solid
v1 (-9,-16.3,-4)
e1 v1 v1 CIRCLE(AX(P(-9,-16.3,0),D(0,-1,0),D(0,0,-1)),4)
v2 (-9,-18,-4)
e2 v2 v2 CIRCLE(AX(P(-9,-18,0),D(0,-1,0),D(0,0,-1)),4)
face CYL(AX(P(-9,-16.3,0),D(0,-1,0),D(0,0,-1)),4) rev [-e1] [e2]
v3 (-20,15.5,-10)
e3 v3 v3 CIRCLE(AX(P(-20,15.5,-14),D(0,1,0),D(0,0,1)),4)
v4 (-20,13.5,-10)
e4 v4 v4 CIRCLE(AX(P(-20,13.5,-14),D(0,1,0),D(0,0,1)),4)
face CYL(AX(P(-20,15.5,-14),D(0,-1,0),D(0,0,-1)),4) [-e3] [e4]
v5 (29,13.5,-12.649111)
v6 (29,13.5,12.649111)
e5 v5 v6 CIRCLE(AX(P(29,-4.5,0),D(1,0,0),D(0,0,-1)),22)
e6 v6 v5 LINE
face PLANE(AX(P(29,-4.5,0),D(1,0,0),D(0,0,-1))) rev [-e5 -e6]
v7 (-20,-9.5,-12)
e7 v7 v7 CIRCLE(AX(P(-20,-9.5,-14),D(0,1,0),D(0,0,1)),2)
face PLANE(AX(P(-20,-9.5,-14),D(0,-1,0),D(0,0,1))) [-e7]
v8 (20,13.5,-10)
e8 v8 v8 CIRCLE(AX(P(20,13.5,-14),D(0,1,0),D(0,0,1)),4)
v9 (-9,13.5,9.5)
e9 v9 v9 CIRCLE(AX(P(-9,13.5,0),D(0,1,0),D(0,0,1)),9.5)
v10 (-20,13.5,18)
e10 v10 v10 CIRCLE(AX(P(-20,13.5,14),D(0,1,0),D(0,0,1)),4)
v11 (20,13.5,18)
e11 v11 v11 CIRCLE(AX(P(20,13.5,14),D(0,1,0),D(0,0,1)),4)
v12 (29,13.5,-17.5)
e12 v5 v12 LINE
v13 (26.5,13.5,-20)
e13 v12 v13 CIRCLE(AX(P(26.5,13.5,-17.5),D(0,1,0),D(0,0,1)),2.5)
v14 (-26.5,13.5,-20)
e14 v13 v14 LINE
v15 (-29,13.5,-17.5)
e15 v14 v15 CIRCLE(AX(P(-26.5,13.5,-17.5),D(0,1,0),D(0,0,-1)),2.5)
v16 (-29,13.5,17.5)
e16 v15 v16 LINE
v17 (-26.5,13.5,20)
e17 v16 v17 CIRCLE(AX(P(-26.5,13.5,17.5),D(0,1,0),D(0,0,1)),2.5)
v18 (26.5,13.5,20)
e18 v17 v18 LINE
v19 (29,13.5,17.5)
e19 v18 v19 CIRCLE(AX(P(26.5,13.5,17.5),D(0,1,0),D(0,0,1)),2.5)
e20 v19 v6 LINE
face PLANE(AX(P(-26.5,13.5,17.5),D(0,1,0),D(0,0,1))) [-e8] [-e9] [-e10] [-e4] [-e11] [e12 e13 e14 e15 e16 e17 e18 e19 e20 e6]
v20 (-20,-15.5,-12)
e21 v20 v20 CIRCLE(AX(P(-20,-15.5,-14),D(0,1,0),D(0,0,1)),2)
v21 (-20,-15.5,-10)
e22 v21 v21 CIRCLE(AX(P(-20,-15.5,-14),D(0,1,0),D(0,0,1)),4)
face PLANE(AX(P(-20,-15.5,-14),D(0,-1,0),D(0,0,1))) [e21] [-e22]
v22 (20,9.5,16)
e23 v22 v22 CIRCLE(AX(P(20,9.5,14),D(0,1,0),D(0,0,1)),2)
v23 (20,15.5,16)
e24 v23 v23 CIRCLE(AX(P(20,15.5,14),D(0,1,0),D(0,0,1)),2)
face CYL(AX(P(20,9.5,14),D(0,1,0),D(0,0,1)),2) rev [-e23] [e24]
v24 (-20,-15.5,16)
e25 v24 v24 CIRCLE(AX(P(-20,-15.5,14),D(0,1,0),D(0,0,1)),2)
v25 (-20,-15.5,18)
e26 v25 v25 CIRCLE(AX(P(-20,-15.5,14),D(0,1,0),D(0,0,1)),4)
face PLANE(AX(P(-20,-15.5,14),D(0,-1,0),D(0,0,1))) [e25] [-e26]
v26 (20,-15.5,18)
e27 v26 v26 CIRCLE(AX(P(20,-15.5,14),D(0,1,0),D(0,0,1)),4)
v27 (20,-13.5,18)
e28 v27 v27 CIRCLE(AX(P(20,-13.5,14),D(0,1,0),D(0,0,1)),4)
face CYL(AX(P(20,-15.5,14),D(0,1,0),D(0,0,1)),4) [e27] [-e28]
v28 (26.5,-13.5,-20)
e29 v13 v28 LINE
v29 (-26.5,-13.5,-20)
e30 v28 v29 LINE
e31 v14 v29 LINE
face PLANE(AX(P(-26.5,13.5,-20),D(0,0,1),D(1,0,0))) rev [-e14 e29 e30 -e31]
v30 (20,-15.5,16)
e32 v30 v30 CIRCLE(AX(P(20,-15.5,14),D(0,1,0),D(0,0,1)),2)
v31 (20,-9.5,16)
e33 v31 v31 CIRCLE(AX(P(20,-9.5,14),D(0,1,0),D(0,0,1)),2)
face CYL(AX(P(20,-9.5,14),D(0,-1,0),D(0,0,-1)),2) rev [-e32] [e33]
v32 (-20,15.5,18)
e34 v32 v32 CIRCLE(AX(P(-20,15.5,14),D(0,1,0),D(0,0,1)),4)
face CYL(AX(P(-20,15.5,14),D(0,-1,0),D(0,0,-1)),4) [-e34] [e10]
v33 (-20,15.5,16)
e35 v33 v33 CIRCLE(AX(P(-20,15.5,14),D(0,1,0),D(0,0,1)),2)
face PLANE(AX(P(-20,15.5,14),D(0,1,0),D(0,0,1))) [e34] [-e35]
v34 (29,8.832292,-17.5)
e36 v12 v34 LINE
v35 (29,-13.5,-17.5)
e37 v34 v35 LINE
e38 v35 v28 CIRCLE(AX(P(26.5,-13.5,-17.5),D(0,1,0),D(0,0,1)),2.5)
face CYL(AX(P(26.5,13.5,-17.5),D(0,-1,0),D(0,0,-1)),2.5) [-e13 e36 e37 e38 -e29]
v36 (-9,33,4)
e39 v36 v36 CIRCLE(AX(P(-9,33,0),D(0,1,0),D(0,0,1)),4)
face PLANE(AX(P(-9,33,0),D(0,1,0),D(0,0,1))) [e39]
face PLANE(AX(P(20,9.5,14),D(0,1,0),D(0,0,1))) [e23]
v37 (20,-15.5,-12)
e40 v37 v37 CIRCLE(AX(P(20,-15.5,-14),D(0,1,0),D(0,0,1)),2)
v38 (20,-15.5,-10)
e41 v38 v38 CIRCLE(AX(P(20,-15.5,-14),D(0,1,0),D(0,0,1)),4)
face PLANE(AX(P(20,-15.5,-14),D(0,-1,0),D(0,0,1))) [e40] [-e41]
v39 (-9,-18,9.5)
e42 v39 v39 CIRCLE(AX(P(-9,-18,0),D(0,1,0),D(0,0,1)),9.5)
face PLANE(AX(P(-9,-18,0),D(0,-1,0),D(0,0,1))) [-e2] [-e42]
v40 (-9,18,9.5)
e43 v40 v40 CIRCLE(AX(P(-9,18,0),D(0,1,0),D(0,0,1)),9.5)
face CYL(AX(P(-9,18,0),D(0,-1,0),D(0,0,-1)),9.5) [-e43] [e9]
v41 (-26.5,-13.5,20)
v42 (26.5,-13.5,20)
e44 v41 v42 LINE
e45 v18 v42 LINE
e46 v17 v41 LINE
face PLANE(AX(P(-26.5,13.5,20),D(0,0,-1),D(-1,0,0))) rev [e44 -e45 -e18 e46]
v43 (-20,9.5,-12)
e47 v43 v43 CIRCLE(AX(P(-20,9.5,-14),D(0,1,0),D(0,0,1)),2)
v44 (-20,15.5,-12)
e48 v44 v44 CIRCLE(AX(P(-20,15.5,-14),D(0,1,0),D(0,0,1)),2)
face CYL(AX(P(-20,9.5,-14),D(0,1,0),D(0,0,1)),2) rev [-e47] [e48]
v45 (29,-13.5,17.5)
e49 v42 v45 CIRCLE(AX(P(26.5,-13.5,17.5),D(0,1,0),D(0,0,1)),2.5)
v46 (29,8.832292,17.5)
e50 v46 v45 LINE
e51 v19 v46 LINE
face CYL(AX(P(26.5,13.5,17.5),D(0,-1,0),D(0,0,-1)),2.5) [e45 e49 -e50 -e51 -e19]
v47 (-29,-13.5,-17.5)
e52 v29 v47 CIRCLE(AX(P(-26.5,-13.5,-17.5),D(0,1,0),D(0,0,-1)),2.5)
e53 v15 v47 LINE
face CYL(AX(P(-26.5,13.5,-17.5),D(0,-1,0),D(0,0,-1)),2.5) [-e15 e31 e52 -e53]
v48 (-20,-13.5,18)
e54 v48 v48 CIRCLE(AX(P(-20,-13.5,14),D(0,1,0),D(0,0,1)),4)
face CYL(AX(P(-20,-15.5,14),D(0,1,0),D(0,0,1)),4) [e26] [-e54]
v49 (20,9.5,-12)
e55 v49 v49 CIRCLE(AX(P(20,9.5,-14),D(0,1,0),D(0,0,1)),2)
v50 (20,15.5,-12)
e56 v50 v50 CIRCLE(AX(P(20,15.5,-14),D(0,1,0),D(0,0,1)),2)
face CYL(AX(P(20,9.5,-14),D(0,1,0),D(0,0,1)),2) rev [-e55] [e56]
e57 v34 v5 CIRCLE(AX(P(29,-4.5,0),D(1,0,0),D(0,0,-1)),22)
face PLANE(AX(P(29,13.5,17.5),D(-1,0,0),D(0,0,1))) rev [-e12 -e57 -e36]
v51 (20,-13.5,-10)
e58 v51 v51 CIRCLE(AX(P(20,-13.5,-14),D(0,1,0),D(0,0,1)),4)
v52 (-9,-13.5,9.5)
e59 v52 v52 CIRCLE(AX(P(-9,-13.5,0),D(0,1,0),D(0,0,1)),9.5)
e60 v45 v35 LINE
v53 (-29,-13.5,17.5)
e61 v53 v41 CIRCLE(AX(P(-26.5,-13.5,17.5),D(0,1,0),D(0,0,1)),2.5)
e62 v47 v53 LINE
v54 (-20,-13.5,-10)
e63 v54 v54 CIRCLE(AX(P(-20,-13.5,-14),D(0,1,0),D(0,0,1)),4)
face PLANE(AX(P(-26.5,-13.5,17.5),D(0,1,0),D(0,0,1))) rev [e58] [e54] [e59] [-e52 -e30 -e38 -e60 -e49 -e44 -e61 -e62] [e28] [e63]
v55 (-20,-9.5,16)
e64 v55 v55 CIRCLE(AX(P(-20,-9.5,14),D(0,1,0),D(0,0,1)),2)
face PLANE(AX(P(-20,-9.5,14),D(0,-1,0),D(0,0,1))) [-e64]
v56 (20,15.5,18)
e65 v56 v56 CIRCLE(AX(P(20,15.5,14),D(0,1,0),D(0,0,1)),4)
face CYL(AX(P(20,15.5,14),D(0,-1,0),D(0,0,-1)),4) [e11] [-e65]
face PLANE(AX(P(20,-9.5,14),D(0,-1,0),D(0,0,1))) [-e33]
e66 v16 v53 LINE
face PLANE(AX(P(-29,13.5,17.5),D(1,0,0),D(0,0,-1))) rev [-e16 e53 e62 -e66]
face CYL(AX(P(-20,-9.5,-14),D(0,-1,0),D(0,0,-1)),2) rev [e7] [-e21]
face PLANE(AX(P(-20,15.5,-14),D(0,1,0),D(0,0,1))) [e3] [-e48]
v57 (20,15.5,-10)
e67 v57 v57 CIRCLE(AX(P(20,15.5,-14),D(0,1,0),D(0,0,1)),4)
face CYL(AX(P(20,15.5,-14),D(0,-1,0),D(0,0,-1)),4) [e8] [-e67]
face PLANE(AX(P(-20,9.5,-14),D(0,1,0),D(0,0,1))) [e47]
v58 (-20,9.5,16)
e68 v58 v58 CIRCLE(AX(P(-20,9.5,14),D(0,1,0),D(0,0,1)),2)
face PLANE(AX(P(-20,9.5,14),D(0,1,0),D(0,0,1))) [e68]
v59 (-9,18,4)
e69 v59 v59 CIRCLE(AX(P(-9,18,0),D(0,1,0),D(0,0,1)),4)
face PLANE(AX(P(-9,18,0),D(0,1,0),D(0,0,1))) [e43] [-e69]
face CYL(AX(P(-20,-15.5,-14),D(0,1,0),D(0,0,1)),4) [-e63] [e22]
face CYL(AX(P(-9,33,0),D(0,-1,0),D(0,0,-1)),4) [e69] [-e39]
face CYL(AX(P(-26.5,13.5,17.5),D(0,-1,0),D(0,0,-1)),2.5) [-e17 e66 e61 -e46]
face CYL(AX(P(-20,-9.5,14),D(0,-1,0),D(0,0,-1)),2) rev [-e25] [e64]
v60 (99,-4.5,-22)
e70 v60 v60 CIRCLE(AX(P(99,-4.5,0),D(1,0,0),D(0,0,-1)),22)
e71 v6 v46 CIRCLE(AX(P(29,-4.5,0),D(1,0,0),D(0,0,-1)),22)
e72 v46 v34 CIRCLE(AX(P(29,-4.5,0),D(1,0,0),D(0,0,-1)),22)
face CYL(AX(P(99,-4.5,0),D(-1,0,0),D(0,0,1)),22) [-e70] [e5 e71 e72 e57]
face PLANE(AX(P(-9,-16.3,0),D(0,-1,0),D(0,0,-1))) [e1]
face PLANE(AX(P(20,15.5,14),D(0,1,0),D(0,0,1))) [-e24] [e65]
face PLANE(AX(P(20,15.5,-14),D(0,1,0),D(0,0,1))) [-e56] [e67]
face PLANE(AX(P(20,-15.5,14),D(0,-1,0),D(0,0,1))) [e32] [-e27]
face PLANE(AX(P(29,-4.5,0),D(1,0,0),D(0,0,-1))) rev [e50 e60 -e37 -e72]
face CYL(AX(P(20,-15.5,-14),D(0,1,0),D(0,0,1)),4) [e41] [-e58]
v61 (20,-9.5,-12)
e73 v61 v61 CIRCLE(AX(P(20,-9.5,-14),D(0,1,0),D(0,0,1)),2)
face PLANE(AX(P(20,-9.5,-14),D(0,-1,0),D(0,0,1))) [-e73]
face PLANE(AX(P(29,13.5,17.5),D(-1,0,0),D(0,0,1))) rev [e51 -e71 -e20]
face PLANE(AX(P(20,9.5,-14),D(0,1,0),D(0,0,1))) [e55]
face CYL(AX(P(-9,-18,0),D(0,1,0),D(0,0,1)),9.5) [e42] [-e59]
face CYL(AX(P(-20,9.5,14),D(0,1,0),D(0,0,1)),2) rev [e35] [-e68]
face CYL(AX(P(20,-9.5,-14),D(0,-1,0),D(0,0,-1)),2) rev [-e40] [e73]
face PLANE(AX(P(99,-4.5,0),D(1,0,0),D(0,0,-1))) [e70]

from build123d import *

# Parameters (mm, degrees)
BOSS_EXTRUDE1_DEPTH = 13.5
SKETCH2_R           = 4
BOSS_EXTRUDE2_DEPTH = 2
SKETCH3_R           = 2
CUT_EXTRUDE1_DEPTH  = 6
SKETCH6_R           = 9.5
BOSS_EXTRUDE5_DEPTH = 4.5
SKETCH4_R           = 4
BOSS_EXTRUDE3_DEPTH = 15
SKETCH5_R           = 22
BOSS_EXTRUDE4_DEPTH = 70
SKETCH7_R           = 4
CUT_EXTRUDE2_DEPTH  = 1.7


with BuildPart() as part:
    # Sketch1 → Boss-Extrude1 (new, symmetric)
    with BuildSketch(Plane(origin=(0, 0, 0), x_dir=(1, 0, 0), z_dir=(0, 1, 0))):
        with BuildLine():
            Line((-26.5, -20), (26.5, -20))
            ThreePointArc((26.5, -20), (28.267766953, -19.267766953), (29, -17.5))
            Line((29, -17.5), (29, 17.5))
            ThreePointArc((29, 17.5), (28.267766953, 19.267766953), (26.5, 20))
            Line((26.5, 20), (-26.5, 20))
            ThreePointArc((-26.5, 20), (-28.267766953, 19.267766953), (-29, 17.5))
            Line((-29, 17.5), (-29, -17.5))
            ThreePointArc((-29, -17.5), (-28.267766953, -19.267766953), (-26.5, -20))
        make_face()
    extrude(amount=BOSS_EXTRUDE1_DEPTH, both=True)

    # Sketch2 → Boss-Extrude2 (add)
    with BuildSketch(Plane(origin=(0, 13.5, 0), x_dir=(1, 0, 0), z_dir=(0, 1, 0))):
        with Locations(Location((-20, 14, 0), (0, 0, 270))):
            Circle(SKETCH2_R)
        with Locations(Location((-20, -14, 0), (0, 0, 270))):
            Circle(SKETCH2_R)
        with Locations(Location((20, -14, 0), (0, 0, 270))):
            Circle(SKETCH2_R)
        with Locations(Location((20, 14, 0), (0, 0, 270))):
            Circle(SKETCH2_R)
    boss_extrude2 = extrude(amount=BOSS_EXTRUDE2_DEPTH)

    # Sketch3 → Cut-Extrude1 (cut)
    with BuildSketch(Plane(origin=(0, 15.5, 0), x_dir=(1, 0, 0), z_dir=(0, 1, 0))):
        with Locations(Location((-20, 14, 0), (0, 0, 270))):
            Circle(SKETCH3_R)
        with Locations(Location((20, 14, 0), (0, 0, 270))):
            Circle(SKETCH3_R)
        with Locations(Location((20, -14, 0), (0, 0, 270))):
            Circle(SKETCH3_R)
        with Locations(Location((-20, -14, 0), (0, 0, 270))):
            Circle(SKETCH3_R)
    cut_extrude1 = extrude(amount=-CUT_EXTRUDE1_DEPTH, mode=Mode.SUBTRACT)

    # Sketch6 → Boss-Extrude5 (add)
    with BuildSketch(Plane(origin=(0, 13.5, 0), x_dir=(1, 0, 0), z_dir=(0, 1, 0))):
        with Locations(Location((-9, 0, 0), (0, 0, 270))):
            Circle(SKETCH6_R)
    boss_extrude5 = extrude(amount=BOSS_EXTRUDE5_DEPTH)

    # Sketch4 → Boss-Extrude3 (add)
    with BuildSketch(Plane(origin=(0, 18, 0), x_dir=(1, 0, 0), z_dir=(0, 1, 0))):
        with Locations(Location((-9, 0, 0), (0, 0, 270))):
            Circle(SKETCH4_R)
    extrude(amount=BOSS_EXTRUDE3_DEPTH)

    # Sketch5 → Boss-Extrude4 (add)
    with BuildSketch(Plane(origin=(29, 0, 0), x_dir=(0, 0, -1), z_dir=(1, 0, 0))):
        with Locations(Location((0, -4.5, 0), (0, 0, 142.698209708))):
            Circle(SKETCH5_R)
    extrude(amount=BOSS_EXTRUDE4_DEPTH)

    # Mirror2: Boss-Extrude2, Cut-Extrude1, Boss-Extrude5 across plane
    add(boss_extrude2.mirror(Plane.ZX))
    add(cut_extrude1.mirror(Plane.ZX), mode=Mode.SUBTRACT)
    add(boss_extrude5.mirror(Plane.ZX))

    # Sketch7 → Cut-Extrude2 (cut)
    with BuildSketch(Plane.XZ.offset(18)):
        with Locations(Location((-9, 0, 0), (0, 0, 90))):
            Circle(SKETCH7_R)
    extrude(amount=-CUT_EXTRUDE2_DEPTH, mode=Mode.SUBTRACT)


solid = part.part
